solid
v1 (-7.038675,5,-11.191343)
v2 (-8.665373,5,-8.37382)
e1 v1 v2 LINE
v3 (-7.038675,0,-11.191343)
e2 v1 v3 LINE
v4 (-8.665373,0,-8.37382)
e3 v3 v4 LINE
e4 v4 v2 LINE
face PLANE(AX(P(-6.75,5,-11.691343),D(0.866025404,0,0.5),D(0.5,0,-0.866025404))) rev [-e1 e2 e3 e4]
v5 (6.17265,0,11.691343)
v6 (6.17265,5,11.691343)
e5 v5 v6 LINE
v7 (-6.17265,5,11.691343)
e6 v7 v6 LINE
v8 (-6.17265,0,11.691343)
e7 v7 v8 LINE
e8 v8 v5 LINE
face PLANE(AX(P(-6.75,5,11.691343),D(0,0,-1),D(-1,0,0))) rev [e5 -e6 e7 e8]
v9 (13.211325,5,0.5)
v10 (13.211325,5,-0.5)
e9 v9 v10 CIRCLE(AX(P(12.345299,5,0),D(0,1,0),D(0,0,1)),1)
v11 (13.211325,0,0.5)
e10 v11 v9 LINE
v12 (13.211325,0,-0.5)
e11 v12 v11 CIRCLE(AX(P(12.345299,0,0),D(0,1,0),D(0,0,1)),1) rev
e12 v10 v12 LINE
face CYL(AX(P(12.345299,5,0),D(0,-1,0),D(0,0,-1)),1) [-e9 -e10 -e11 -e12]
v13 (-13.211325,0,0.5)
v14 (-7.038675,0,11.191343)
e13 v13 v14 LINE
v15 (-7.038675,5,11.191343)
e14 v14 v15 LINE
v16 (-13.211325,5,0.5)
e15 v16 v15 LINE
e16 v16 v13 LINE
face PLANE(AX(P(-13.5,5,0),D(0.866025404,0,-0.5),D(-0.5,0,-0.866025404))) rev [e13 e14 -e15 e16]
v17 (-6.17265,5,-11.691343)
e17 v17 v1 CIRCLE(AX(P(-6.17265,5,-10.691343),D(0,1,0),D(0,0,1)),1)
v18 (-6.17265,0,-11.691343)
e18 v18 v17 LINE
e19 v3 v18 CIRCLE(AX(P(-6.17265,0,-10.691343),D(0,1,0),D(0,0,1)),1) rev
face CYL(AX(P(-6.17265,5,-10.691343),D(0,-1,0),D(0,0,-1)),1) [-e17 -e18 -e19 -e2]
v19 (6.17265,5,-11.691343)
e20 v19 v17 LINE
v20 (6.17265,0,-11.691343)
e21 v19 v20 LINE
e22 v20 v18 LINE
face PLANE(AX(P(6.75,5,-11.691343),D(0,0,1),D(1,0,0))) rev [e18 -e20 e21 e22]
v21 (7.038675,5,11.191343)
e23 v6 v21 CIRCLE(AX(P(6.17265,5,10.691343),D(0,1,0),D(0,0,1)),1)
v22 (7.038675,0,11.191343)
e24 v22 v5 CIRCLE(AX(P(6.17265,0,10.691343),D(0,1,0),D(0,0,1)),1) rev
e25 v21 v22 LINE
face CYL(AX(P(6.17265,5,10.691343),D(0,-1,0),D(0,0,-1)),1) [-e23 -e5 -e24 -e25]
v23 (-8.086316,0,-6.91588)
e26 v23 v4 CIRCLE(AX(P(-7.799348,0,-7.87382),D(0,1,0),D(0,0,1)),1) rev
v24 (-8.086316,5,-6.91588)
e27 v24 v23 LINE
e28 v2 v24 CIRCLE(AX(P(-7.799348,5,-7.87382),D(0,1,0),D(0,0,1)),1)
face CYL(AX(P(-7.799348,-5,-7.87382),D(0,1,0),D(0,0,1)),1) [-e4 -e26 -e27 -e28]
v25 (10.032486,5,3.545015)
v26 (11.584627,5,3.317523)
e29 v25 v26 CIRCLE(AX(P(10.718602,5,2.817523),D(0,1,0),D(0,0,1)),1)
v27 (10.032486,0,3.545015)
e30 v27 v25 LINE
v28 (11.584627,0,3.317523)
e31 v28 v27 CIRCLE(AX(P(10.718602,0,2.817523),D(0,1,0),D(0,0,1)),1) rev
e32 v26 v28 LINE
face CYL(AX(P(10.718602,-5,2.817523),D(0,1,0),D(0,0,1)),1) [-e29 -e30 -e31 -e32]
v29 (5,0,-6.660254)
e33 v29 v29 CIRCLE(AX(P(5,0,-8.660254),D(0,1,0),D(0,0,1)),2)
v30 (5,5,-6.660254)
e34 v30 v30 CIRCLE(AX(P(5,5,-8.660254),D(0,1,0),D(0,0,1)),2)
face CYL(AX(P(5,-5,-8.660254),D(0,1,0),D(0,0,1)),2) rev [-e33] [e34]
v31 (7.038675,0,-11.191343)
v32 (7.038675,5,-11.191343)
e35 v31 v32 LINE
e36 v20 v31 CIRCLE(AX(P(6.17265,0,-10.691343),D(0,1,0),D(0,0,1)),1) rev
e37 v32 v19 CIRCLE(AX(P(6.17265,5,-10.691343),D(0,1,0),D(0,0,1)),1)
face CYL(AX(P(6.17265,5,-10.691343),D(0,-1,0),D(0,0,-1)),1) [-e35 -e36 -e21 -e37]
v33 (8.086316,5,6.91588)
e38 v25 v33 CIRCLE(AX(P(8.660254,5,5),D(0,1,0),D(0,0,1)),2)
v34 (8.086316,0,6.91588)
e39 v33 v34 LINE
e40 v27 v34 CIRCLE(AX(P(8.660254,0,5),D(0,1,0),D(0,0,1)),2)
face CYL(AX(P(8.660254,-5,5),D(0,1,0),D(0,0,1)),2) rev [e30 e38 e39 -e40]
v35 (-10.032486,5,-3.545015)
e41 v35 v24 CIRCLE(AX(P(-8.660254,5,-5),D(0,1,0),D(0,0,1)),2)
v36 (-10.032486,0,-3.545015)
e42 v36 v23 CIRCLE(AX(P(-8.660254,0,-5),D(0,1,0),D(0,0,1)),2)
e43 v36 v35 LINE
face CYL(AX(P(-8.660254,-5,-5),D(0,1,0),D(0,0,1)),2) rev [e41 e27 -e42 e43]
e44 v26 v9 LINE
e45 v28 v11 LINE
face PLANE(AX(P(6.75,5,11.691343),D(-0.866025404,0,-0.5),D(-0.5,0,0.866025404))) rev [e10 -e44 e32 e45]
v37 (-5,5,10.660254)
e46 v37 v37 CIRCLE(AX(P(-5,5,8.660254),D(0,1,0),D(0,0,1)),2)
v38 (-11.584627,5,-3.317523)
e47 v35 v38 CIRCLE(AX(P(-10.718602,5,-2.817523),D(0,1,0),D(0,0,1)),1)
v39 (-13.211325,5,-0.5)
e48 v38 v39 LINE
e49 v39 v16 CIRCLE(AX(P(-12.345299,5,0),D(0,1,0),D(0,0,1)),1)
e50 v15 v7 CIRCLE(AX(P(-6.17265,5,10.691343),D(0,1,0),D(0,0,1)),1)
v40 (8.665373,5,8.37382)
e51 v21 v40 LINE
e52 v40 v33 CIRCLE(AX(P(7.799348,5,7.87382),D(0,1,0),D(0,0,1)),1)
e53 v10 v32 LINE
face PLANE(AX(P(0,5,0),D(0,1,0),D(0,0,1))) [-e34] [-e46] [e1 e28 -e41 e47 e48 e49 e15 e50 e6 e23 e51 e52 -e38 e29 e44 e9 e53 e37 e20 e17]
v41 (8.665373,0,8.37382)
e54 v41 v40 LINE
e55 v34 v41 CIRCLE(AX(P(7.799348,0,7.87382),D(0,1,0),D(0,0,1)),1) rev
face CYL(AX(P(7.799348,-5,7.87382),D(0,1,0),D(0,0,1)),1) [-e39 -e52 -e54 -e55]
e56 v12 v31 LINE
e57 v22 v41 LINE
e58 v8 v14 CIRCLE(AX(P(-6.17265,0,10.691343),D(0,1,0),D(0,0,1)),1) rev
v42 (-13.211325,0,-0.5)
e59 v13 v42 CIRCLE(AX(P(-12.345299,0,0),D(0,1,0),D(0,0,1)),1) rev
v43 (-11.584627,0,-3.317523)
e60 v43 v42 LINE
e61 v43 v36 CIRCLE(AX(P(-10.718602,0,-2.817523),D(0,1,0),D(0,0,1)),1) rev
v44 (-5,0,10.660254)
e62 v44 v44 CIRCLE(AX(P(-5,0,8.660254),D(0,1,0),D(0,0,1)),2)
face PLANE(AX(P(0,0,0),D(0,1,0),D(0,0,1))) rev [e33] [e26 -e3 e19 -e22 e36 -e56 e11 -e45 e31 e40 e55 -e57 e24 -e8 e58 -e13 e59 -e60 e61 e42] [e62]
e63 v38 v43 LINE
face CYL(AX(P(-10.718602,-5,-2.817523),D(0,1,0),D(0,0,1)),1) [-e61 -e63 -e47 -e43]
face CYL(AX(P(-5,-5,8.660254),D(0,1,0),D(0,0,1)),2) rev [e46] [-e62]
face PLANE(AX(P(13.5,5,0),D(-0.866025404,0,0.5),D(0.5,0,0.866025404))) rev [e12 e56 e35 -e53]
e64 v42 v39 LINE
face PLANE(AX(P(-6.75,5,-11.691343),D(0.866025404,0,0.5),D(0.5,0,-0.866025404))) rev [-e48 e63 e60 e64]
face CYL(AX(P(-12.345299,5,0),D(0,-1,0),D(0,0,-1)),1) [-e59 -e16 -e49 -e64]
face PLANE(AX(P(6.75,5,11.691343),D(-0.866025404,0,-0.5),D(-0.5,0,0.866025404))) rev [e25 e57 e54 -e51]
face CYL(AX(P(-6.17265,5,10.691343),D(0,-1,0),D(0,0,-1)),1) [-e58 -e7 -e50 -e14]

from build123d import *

# Parameters (mm, degrees)
EXTRUDE_1_DEPTH     = 5
FILLET_1_R          = 1
SKETCH_2_R          = 2
CUT_EXTRUDE_1_DEPTH = 10
FILLET_2_R          = 1


with BuildPart() as part:
    # Эскиз1 → Бобышка-Вытянуть1 (new body)
    with BuildSketch(Plane(origin=(0, 0, 0), x_dir=(1, 0, 0), z_dir=(0, 1, 0))):
        Polygon((13.5, 0), (6.75, 11.691342951), (-6.75, 11.691342951), (-13.5, 0), (-6.75, -11.691342951), (6.75, -11.691342951), align=None)
    extrude(amount=EXTRUDE_1_DEPTH)

    # Скругление1
    fillet_1_edges = [part.edges().sort_by_distance(p)[0] for p in [
        (6.75, 2.5, 11.691342951),
        (-6.75, 2.5, 11.691342951),
        (-13.5, 2.5, 0),
        (-6.75, 2.5, -11.691342951),
        (6.75, 2.5, -11.691342951),
        (13.5, 2.5, 0),
    ]]
    fillet(fillet_1_edges, radius=FILLET_1_R)

    # Эскиз2 → Вырез-Вытянуть1 (cut)
    with BuildSketch(Plane(origin=(0, 5, 0), x_dir=(1, 0, 0), z_dir=(0, 1, 0))):
        with Locations(Location((5, 8.660254038, 0), (0, 0, 270))):
            Circle(SKETCH_2_R)
        with Locations((8.660254038, -5)):
            Circle(SKETCH_2_R)
        with Locations(Location((-5, -8.660254038, 0), (0, 0, 270))):
            Circle(SKETCH_2_R)
        with Locations((-8.660254038, 5)):
            Circle(SKETCH_2_R)
    extrude(amount=-CUT_EXTRUDE_1_DEPTH, mode=Mode.SUBTRACT)

    # Скругление2
    fillet_2_edges = [part.edges().sort_by_distance(p)[0] for p in [
        (-9.591296191, 2.5, -6.770073588),
        (-10.658703809, 2.5, -4.921269363),
        (9.591296191, 2.5, 6.770073588),
        (10.658703809, 2.5, 4.921269363),
    ]]
    fillet(fillet_2_edges, radius=FILLET_2_R)


solid = part.part
